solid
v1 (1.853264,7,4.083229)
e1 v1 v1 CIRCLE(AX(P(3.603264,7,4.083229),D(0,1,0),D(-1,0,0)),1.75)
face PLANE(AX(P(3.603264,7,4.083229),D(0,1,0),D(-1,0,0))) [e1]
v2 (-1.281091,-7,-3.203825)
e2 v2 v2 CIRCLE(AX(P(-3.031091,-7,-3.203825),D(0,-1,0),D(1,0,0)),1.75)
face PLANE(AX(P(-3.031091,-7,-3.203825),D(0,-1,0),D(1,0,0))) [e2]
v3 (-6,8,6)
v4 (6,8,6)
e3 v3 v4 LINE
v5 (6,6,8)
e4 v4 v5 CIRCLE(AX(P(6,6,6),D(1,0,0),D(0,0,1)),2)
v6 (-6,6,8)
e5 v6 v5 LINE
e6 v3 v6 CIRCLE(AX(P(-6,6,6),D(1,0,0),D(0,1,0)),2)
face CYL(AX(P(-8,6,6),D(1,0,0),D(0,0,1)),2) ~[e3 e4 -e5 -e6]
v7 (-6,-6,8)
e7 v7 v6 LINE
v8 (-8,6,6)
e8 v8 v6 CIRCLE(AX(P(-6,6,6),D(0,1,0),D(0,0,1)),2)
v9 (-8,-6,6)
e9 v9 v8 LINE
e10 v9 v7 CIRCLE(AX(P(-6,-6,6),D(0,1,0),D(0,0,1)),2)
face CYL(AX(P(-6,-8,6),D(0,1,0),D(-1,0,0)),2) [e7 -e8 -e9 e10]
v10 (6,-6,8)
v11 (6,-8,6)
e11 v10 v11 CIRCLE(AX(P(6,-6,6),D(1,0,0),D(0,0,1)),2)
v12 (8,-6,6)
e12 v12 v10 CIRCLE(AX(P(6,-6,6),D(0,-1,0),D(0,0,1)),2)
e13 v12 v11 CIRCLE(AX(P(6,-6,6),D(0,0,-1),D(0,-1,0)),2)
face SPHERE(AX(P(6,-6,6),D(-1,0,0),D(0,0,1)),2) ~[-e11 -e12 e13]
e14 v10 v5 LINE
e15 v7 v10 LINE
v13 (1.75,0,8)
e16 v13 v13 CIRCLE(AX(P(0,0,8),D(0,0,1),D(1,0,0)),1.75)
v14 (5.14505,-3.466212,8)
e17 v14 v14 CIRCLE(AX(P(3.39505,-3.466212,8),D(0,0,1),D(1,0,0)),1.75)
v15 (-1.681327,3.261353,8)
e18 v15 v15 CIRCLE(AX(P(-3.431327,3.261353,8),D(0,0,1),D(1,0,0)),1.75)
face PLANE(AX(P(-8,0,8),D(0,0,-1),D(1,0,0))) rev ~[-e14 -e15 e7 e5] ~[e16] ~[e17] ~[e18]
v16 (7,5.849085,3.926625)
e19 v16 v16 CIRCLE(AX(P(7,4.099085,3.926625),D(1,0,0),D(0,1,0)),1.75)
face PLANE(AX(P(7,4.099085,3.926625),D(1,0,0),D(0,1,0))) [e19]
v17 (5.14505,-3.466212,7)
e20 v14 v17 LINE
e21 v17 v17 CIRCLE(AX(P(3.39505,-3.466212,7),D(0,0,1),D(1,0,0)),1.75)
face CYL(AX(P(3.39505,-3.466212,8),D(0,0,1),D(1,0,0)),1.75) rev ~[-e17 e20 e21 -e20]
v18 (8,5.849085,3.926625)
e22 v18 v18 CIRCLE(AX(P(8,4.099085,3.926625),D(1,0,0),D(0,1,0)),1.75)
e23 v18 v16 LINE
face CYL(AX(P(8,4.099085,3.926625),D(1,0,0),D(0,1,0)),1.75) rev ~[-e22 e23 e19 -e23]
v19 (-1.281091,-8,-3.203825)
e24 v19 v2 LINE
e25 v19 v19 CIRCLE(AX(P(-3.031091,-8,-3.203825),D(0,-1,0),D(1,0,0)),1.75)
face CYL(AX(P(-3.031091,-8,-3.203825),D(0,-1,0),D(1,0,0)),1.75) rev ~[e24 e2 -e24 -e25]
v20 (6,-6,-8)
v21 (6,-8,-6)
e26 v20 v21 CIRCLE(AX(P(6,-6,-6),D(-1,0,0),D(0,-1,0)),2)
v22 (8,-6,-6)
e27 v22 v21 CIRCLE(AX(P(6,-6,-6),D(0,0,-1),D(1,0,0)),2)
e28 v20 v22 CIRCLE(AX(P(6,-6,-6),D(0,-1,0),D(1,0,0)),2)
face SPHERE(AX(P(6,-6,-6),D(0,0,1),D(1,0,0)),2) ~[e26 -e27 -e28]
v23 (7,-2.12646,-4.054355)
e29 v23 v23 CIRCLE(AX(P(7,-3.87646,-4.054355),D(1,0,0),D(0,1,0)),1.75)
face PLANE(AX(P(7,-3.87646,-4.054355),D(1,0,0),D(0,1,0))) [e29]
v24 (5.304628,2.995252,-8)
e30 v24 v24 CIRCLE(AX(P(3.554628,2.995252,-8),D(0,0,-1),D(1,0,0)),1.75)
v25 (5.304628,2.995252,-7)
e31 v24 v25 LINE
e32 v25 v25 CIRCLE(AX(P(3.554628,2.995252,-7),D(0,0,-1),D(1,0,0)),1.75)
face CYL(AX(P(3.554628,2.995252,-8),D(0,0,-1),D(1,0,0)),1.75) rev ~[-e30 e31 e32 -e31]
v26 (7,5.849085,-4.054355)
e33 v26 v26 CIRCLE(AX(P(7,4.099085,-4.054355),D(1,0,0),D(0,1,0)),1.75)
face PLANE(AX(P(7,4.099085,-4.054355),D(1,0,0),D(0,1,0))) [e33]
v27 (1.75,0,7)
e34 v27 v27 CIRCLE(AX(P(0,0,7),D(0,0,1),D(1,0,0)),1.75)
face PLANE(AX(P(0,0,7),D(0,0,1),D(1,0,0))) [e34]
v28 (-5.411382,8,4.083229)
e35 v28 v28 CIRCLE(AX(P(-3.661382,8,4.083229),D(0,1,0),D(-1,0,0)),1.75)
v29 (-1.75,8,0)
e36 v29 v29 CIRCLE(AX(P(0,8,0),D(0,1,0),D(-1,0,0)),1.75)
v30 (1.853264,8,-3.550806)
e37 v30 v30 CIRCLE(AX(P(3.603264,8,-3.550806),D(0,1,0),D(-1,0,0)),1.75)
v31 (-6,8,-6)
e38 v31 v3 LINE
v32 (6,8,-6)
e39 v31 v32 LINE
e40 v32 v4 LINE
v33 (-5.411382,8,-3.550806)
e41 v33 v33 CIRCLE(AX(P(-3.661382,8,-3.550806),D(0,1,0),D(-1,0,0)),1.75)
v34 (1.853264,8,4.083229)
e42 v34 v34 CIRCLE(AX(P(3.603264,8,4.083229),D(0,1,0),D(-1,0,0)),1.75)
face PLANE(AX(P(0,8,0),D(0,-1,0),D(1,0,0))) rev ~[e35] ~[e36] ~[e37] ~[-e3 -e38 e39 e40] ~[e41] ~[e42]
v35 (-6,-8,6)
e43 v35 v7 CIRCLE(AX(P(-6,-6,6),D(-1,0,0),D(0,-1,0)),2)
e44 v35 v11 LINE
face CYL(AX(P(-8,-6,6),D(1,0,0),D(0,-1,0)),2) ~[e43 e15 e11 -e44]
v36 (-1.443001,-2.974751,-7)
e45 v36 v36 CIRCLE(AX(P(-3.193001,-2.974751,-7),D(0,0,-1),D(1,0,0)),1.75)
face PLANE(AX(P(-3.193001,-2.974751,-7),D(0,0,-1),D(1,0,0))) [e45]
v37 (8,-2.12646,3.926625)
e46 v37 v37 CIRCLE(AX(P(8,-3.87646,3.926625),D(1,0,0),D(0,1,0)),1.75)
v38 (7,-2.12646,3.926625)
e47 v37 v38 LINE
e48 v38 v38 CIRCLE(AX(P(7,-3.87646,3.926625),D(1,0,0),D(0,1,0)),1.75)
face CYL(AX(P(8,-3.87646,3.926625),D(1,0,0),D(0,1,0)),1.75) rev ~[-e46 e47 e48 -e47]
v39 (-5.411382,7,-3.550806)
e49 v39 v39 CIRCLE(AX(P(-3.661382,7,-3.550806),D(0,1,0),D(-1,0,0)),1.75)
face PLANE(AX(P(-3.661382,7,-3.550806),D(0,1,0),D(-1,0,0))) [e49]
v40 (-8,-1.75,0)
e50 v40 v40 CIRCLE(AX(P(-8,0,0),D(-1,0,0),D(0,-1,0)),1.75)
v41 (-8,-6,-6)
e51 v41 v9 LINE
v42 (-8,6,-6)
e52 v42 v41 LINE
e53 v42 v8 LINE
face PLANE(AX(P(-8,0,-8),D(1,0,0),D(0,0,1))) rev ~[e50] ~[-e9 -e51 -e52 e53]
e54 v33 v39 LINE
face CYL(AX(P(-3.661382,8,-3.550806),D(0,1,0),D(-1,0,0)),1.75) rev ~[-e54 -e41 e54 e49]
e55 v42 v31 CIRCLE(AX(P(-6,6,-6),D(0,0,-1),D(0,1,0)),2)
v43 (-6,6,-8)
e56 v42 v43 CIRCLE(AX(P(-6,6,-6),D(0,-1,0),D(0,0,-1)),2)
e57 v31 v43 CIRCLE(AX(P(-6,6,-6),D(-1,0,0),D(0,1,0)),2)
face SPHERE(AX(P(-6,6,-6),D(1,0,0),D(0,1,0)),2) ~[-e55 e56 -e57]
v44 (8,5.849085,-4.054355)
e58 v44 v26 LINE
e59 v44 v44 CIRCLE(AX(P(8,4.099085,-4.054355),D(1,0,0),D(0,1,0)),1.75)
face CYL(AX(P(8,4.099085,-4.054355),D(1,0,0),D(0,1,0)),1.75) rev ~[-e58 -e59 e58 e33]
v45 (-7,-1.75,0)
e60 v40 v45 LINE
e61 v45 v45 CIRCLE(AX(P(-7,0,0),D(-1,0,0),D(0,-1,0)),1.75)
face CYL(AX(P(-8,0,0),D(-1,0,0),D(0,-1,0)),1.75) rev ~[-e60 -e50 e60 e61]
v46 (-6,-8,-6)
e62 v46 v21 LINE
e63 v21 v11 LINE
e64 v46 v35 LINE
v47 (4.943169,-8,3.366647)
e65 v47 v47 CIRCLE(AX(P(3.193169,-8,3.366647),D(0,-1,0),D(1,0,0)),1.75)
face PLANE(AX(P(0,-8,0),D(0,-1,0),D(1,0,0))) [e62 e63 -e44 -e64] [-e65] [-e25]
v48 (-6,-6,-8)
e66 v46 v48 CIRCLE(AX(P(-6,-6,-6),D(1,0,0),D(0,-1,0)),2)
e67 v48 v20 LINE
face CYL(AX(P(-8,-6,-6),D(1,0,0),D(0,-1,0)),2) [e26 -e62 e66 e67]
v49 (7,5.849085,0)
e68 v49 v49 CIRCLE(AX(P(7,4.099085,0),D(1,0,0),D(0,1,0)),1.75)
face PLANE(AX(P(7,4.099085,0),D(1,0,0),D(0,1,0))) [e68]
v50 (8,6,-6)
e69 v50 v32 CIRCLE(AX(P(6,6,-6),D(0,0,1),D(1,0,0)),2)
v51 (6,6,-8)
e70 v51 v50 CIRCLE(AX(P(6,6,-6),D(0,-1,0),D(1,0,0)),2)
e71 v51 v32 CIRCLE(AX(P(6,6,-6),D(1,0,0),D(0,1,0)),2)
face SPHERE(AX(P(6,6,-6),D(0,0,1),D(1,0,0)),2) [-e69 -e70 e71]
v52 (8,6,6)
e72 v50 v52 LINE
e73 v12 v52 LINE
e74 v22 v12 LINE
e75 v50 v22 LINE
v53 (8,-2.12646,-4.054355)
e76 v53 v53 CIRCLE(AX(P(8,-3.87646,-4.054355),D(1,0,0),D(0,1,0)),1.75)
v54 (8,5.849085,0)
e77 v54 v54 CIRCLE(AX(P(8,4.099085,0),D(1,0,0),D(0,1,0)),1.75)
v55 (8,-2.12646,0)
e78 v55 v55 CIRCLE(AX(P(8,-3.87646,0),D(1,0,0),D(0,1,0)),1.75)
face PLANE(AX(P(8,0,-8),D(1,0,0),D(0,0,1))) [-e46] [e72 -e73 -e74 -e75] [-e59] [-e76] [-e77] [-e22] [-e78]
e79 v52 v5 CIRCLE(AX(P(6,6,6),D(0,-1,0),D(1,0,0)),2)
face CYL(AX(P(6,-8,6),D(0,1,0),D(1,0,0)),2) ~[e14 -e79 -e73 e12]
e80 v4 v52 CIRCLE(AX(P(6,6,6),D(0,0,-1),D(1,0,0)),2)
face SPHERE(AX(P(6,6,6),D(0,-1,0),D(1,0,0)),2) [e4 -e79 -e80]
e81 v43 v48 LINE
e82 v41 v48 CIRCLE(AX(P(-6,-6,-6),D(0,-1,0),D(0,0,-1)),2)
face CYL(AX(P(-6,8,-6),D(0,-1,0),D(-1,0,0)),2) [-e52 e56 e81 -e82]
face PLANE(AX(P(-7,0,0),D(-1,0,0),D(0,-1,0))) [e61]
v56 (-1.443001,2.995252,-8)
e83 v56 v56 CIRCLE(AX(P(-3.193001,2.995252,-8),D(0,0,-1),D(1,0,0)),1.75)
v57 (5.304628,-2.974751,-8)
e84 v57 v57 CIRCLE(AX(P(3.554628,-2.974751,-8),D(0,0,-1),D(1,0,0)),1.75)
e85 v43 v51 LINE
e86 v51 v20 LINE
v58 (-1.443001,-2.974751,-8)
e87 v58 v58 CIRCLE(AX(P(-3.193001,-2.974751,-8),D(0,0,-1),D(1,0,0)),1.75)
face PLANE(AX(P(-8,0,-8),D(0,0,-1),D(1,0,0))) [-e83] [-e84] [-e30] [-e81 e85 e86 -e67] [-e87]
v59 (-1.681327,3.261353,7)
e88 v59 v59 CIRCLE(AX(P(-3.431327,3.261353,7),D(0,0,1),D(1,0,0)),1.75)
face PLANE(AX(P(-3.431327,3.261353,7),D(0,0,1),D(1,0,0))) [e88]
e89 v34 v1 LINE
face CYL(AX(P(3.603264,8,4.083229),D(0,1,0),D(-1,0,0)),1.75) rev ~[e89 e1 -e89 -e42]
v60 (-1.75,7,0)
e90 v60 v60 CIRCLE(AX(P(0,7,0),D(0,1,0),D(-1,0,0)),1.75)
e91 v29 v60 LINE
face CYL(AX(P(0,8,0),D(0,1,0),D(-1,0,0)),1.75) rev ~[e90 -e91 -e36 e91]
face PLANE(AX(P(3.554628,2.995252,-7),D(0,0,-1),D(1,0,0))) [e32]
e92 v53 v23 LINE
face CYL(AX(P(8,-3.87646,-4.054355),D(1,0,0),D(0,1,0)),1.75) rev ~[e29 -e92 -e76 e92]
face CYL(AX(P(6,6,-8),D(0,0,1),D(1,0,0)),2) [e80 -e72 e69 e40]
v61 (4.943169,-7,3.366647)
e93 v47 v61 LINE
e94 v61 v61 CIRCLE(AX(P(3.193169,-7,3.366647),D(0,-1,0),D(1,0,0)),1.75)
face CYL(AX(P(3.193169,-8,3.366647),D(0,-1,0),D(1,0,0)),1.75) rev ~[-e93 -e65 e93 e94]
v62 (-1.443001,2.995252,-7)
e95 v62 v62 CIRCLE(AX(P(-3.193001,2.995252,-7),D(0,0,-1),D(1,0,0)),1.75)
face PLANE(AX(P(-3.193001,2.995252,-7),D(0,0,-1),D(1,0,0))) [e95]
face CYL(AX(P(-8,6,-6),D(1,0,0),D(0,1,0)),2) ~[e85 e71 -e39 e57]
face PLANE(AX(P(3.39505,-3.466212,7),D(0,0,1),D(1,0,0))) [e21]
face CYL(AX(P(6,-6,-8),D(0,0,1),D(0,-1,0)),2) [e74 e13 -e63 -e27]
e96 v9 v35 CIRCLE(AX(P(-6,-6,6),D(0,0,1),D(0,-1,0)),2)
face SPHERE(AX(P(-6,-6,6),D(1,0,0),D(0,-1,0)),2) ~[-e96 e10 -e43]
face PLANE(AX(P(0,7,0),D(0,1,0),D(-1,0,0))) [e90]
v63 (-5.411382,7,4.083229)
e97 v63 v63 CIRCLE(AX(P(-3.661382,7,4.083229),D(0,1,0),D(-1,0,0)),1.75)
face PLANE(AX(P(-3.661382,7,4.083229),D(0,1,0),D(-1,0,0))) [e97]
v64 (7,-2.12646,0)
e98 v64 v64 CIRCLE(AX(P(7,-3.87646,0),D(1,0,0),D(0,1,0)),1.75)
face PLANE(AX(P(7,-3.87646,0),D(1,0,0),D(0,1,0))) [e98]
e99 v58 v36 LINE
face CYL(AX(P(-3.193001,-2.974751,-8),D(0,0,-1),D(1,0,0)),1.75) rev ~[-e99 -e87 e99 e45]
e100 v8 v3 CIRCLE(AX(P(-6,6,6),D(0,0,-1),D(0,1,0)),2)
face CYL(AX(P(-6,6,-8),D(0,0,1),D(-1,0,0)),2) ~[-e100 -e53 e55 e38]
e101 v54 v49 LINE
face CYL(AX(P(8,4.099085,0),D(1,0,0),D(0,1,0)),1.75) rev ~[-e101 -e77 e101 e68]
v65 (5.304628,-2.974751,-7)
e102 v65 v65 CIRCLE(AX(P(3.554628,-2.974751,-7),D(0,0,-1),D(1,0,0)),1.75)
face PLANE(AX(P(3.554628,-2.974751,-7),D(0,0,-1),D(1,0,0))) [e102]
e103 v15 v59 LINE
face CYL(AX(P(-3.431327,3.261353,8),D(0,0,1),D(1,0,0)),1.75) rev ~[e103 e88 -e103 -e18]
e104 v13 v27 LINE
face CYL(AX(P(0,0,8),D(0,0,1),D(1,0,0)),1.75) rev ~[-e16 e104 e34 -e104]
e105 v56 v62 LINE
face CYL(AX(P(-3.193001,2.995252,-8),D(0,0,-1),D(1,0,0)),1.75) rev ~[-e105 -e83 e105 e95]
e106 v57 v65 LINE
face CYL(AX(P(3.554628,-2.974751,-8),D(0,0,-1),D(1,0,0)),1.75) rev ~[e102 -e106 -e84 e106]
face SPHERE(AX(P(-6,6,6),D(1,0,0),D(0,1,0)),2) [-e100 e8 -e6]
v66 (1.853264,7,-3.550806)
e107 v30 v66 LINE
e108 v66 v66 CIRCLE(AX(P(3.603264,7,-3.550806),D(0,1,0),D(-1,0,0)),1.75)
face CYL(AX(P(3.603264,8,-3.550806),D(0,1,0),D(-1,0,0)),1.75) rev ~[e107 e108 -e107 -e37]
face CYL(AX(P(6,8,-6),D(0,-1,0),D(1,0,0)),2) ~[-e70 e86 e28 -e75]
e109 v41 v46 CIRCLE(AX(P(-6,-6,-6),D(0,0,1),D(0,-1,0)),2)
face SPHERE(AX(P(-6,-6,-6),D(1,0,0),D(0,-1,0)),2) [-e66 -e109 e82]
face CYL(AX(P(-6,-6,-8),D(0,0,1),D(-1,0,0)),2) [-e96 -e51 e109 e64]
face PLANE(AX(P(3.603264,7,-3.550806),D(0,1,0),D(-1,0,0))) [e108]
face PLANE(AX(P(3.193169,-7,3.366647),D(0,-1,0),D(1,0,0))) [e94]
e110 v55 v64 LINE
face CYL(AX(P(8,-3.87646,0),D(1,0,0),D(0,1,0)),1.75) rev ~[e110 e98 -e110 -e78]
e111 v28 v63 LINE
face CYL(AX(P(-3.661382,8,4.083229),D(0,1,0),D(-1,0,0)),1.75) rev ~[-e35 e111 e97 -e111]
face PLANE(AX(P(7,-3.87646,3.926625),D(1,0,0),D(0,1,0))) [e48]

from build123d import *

# Parameters (mm, degrees)
F0_W      = 16
F0_H      = 16
F1_DEPTH  = 8
F2_R      = 2
F3_R      = 1.75
F4_DEPTH  = 1
F5_R      = 1.75
F6_DEPTH  = 1
F7_R      = 1.75
F8_DEPTH  = 1
F9_R      = 1.75
F10_DEPTH = 1
F11_R     = 1.75
F12_DEPTH = 1
F13_R     = 1.75
F14_DEPTH = 1


with BuildPart() as f1:
    # F0 (on Front) → F1 (new body, symmetric)
    with BuildSketch(Plane.XZ):
        Rectangle(F0_W, F0_H)
    extrude(amount=F1_DEPTH, both=True)

    # F2
    f2_edges = [f1.edges().sort_by_distance(p)[0] for p in [
        (0, -8, 8),
        (8, 0, 8),
        (8, -8, 0),
        (8, 8, 0),
        (8, 0, -8),
        (0, -8, -8),
        (0, 8, -8),
        (0, 8, 8),
        (-8, 8, 0),
        (-8, -8, 0),
        (-8, 0, -8),
        (-8, 0, 8),
    ]]
    fillet(f2_edges, radius=F2_R)

    # F3 (on face) → F4 (cut)
    with BuildSketch(Plane(origin=(-8, 0, 0), x_dir=(0, -1, 0), z_dir=(-1, 0, 0))):
        Circle(F3_R)
    extrude(amount=-F4_DEPTH, mode=Mode.SUBTRACT)

    # F5 (on face) → F6 (cut)
    with BuildSketch(Plane.XZ.offset(8)):
        with Locations((3.193169, 3.366647)):
            Circle(F5_R)
        with Locations((-3.031091, -3.203825)):
            Circle(F5_R)
    extrude(amount=-F6_DEPTH, mode=Mode.SUBTRACT)

    # F7 (on face) → F8 (cut)
    with BuildSketch(Plane.YZ.offset(8)):
        with Locations((-3.87646, 3.926625)):
            Circle(F7_R)
        with Locations((-3.87646, 0)):
            Circle(F7_R)
        with Locations((-3.87646, -4.054355)):
            Circle(F7_R)
        with Locations((4.099085, 3.926625)):
            Circle(F7_R)
        with Locations((4.099085, 0)):
            Circle(F7_R)
        with Locations((4.099085, -4.054355)):
            Circle(F7_R)
    extrude(amount=-F8_DEPTH, mode=Mode.SUBTRACT)

    # F9 (on face) → F10 (cut)
    with BuildSketch(Plane(origin=(0, 8, 0), x_dir=(-1, 0, 0), z_dir=(0, 1, 0))):
        Circle(F9_R)
        with Locations((3.661382, 4.083229)):
            Circle(F9_R)
        with Locations((-3.603264, 4.083229)):
            Circle(F9_R)
        with Locations((-3.603264, -3.550806)):
            Circle(F9_R)
        with Locations((3.661382, -3.550806)):
            Circle(F9_R)
    extrude(amount=-F10_DEPTH, mode=Mode.SUBTRACT)

    # F11 (on face) → F12 (cut)
    with BuildSketch(Plane.XY.offset(8)):
        Circle(F11_R)
        with Locations((3.39505, -3.466212)):
            Circle(F11_R)
        with Locations((-3.431327, 3.261353)):
            Circle(F11_R)
    extrude(amount=-F12_DEPTH, mode=Mode.SUBTRACT)

    # F13 (on face) → F14 (cut)
    with BuildSketch(Plane(origin=(0, 0, -8), x_dir=(1, 0, 0), z_dir=(0, 0, -1))):
        with Locations((-3.193001, 2.974751)):
            Circle(F13_R)
        with Locations((3.554628, 2.974751)):
            Circle(F13_R)
        with Locations((3.554628, -2.995252)):
            Circle(F13_R)
        with Locations((-3.193001, -2.995252)):
            Circle(F13_R)
    extrude(amount=-F14_DEPTH, mode=Mode.SUBTRACT)


solid = f1.part
